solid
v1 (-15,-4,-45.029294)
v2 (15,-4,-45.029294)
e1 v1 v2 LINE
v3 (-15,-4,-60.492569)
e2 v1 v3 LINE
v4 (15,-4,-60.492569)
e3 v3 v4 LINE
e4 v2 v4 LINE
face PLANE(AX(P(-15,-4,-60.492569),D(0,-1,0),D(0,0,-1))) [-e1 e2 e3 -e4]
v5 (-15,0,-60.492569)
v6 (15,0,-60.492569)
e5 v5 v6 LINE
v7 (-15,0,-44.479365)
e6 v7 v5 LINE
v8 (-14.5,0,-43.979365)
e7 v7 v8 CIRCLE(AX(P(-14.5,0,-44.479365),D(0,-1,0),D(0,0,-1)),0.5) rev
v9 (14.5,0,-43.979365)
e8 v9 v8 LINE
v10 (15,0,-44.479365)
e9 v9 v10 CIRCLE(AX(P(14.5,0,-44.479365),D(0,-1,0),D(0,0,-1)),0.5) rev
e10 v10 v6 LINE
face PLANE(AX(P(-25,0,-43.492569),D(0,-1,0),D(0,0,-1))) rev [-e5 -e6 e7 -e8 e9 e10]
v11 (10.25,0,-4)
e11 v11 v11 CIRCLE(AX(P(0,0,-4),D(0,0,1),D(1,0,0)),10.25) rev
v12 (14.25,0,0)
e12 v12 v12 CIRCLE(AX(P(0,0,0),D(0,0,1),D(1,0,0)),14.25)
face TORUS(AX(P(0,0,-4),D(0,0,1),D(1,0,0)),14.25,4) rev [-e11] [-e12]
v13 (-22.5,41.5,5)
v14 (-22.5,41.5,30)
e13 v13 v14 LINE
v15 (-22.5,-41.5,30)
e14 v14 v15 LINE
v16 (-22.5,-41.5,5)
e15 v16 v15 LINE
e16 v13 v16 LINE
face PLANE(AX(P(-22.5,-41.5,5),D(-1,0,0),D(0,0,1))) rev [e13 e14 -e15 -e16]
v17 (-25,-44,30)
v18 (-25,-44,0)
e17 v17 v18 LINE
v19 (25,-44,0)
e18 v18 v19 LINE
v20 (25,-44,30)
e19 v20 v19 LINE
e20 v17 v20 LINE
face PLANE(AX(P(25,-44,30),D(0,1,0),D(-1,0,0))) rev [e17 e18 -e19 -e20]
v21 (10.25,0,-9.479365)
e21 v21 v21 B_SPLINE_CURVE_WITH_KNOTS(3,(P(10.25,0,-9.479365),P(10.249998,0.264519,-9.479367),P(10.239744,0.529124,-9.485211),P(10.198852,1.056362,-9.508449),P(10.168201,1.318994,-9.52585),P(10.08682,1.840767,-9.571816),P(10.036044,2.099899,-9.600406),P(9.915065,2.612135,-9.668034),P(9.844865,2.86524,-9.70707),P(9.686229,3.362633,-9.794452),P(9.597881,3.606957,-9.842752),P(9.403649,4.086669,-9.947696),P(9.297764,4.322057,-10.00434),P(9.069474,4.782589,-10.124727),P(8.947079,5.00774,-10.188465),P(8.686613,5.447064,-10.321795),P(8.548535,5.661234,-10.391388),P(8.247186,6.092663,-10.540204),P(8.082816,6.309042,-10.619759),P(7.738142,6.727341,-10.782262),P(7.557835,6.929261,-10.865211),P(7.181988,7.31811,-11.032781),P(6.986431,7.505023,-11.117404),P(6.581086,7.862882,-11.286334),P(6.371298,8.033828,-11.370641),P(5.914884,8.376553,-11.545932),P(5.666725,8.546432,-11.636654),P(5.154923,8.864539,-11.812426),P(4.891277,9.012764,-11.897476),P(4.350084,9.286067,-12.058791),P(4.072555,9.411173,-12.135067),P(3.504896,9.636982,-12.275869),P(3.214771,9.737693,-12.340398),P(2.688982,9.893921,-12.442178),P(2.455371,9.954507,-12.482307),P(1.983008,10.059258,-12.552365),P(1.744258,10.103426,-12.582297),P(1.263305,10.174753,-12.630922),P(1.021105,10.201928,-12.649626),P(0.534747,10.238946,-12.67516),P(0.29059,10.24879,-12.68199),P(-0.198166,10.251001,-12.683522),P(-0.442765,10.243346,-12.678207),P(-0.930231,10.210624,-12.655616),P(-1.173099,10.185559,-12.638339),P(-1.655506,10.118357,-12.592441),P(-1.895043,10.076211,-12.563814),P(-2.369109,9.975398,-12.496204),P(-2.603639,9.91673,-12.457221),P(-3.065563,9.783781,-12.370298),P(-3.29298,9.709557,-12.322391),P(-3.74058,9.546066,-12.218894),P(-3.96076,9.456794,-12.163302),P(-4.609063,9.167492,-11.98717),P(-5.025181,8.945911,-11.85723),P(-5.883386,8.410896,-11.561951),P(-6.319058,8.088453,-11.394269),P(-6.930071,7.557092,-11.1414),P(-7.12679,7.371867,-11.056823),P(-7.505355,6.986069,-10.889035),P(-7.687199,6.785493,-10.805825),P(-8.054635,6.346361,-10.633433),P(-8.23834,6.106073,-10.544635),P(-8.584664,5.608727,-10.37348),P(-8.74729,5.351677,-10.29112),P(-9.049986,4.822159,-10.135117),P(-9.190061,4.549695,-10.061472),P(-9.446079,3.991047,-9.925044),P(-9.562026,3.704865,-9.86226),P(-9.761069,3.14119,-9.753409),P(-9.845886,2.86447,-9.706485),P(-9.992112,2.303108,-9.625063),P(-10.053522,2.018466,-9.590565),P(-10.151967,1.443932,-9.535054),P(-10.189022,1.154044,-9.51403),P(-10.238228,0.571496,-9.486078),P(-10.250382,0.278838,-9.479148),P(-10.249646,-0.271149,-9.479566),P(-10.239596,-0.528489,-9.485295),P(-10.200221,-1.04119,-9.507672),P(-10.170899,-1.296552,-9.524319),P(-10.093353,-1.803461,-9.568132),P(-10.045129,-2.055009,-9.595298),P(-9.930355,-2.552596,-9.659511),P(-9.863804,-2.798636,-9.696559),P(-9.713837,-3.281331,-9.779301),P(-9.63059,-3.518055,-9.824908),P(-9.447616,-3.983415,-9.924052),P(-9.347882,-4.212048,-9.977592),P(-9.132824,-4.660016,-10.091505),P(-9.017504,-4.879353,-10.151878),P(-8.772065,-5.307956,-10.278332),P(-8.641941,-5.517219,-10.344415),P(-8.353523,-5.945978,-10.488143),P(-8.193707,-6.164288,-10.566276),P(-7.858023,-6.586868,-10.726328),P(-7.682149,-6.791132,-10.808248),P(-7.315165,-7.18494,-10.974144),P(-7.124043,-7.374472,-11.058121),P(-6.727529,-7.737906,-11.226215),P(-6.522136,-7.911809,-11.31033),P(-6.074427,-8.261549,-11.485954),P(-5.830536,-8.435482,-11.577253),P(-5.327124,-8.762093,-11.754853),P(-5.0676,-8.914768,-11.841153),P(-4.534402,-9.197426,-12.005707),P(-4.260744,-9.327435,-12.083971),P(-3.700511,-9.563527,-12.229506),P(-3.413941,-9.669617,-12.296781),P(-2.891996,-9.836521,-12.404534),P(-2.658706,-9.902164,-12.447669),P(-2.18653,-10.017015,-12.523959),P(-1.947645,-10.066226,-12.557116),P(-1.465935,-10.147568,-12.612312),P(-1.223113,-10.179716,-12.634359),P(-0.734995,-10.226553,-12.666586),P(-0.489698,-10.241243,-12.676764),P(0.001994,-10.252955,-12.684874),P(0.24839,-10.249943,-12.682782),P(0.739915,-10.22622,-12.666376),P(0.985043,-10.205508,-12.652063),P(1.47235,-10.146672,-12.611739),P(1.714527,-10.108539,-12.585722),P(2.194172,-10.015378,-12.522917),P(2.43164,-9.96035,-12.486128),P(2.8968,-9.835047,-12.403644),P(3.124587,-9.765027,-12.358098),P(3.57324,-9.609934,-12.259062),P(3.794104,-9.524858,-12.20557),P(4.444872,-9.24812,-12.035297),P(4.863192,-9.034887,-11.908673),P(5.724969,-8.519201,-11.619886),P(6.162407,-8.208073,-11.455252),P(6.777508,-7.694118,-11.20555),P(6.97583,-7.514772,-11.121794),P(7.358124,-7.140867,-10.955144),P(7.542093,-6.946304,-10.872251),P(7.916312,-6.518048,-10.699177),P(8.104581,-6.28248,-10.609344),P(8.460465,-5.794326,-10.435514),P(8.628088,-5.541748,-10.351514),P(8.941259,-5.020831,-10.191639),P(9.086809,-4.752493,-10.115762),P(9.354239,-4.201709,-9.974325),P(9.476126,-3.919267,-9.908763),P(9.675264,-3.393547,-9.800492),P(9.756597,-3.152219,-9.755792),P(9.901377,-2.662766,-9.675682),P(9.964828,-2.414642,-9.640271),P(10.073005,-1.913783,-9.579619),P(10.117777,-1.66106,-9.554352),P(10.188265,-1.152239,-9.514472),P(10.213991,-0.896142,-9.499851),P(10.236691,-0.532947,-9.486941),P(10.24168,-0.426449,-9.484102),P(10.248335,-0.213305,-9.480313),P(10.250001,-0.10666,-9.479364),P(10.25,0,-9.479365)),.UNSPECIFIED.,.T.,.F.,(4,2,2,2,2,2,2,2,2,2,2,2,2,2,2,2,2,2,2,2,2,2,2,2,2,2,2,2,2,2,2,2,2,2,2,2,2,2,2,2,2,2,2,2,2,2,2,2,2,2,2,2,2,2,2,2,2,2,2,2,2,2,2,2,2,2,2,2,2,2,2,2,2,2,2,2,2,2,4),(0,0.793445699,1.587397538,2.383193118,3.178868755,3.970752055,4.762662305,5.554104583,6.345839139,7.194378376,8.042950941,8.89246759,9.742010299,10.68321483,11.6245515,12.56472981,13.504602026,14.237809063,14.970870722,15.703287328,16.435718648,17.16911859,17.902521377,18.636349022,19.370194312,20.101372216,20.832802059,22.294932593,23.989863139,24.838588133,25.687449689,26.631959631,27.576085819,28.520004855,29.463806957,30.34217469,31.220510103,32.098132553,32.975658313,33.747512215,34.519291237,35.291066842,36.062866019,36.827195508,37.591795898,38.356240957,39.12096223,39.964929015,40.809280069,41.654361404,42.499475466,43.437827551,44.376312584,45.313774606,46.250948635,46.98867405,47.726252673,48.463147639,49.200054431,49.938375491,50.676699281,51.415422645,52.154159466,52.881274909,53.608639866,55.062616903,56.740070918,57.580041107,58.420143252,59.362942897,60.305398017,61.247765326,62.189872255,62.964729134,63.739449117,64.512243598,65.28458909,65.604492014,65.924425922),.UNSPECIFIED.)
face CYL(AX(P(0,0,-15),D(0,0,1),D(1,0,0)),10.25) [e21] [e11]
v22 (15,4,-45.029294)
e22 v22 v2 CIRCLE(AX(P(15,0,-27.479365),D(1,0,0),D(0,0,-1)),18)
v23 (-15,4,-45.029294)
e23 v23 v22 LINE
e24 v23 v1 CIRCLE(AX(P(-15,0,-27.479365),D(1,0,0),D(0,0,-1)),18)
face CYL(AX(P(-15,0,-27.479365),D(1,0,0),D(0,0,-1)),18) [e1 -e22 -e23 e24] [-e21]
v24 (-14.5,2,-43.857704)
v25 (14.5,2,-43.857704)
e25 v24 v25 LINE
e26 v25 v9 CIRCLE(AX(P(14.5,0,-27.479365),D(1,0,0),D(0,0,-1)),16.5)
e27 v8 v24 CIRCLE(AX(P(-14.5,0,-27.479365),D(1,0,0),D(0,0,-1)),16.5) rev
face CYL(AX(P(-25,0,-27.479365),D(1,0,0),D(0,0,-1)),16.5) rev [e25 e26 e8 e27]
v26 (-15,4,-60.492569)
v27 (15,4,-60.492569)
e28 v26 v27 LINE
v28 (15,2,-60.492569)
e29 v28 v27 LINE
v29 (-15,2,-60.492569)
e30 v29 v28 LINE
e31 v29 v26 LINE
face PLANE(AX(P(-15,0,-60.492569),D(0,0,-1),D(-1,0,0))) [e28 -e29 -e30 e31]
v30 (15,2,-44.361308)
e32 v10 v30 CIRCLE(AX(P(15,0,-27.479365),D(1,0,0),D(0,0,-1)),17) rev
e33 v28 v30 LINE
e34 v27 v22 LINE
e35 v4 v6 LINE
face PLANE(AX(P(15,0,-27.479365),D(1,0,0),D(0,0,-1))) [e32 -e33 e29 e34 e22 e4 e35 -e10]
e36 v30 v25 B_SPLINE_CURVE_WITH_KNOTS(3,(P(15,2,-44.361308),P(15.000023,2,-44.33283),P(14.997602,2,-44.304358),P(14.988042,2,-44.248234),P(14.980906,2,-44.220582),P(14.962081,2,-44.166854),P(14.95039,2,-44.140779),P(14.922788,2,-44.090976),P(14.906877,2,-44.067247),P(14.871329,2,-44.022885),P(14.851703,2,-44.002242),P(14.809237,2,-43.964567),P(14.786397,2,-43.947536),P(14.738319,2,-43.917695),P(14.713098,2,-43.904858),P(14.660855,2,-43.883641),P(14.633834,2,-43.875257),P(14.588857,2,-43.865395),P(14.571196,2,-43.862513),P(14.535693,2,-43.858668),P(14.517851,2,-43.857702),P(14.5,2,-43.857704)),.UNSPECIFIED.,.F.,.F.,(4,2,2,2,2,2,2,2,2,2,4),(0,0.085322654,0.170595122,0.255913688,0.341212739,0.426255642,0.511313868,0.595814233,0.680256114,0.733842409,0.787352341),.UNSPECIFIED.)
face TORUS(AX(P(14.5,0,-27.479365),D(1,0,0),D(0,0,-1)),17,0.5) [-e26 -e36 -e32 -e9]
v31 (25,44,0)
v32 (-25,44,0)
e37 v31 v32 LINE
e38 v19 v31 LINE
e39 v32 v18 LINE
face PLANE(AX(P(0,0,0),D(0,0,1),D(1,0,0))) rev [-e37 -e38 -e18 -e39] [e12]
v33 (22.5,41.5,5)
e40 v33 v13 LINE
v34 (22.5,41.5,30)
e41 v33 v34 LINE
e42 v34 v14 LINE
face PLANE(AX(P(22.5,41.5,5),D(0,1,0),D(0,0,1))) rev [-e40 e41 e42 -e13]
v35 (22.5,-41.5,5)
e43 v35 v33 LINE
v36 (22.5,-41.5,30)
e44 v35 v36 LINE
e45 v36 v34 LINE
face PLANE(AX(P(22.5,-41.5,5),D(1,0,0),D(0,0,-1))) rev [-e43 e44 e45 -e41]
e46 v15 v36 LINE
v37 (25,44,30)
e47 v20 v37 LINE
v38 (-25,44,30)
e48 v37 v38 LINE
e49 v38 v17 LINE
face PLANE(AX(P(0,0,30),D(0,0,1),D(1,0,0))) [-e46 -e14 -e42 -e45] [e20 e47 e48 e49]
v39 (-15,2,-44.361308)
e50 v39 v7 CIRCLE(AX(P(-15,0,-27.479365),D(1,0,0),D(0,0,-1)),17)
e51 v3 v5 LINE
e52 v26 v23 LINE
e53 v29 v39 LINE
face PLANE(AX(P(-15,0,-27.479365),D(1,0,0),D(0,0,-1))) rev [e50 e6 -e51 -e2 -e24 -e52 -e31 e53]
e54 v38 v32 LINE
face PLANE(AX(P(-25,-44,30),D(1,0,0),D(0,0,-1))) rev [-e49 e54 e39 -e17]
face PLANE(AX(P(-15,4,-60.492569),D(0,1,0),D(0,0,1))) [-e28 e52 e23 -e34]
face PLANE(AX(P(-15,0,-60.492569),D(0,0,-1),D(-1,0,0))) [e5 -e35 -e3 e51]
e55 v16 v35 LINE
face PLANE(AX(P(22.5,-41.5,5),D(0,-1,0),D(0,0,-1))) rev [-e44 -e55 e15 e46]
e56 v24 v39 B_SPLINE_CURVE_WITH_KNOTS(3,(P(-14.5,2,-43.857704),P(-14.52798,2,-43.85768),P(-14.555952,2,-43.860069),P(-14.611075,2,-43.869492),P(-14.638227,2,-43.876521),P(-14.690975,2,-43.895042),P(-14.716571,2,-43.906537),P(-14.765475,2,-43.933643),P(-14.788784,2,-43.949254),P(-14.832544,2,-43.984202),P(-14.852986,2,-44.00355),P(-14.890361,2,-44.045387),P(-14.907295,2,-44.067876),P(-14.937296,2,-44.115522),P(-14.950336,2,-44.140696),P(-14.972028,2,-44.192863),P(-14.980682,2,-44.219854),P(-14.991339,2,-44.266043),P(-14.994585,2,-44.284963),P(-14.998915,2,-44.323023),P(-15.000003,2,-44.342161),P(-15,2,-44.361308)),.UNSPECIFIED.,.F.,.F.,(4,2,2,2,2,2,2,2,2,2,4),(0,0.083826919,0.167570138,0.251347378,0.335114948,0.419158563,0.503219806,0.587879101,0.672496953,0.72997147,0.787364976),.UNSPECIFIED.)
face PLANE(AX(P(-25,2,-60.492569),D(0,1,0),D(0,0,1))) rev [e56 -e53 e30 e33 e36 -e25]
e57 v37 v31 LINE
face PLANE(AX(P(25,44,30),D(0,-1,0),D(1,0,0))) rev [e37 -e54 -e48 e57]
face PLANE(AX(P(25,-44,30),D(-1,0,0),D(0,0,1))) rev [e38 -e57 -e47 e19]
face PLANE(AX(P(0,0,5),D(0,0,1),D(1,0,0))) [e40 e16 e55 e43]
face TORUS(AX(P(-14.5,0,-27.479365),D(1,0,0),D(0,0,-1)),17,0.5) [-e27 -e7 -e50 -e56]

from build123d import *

# Parameters (mm, degrees)
ESBO_O1_W                     = 50
ESBO_O1_H                     = 88
RESSALTO_EXTRUS_O1_DEPTH      = 30
ESBO_O3_W                     = 45
ESBO_O3_H                     = 83
CORTE_EXTRUS_O1_DEPTH         = 25
ESBO_O7_R                     = 10.25
RESSALTO_EXTRUS_O3_DEPTH      = 15
FILETE1_R                     = 4
RESSALTO_EXTRUS_O4_DEPTH      = 15
RESSALTO_EXTRUS_O4_DEPTH_BACK = 15
ESBO_O9_R                     = 18
ESBO_O10_R                    = 16.5
CORTE_EXTRUS_O2_DEPTH         = 40
RESSALTO_EXTRUS_O5_DEPTH      = 15
RESSALTO_EXTRUS_O5_DEPTH_BACK = 15
ESBO_O12_W                    = 17
ESBO_O12_H                    = 2
CORTE_EXTRUS_O3_DEPTH         = 40
FILETE2_R                     = 0.5
FILETE3_R                     = 0.5


with BuildPart() as part:
    # Esboço1 → Ressalto-extrusão1 (new body)
    with BuildSketch(Plane.XY):
        Rectangle(ESBO_O1_W, ESBO_O1_H)
    extrude(amount=RESSALTO_EXTRUS_O1_DEPTH)

    # Esboço3 → Corte-extrusão1 (cut)
    with BuildSketch(Plane.XY.offset(30)):
        Rectangle(ESBO_O3_W, ESBO_O3_H)
    extrude(amount=-CORTE_EXTRUS_O1_DEPTH, mode=Mode.SUBTRACT)

    # Esboço7 → Ressalto-extrusão3 (add)
    with BuildSketch(Plane(origin=(0, 0, 0), x_dir=(-1, 0, 0), z_dir=(0, 0, -1))):
        Circle(ESBO_O7_R)
    extrude(amount=RESSALTO_EXTRUS_O3_DEPTH)

    # Filete1
    filete1_edges = [part.edges().sort_by_distance(p)[0] for p in [
        (10.25, 0, 0),
    ]]
    fillet(filete1_edges, radius=FILETE1_R)

    # Esboço9 → Ressalto-extrusão4 (add, two sides: drawn at the far end of the back side and taken through both)
    with BuildSketch(Plane(origin=(0, 0, 0), x_dir=(0, 0, -1), z_dir=(1, 0, 0)).offset(-RESSALTO_EXTRUS_O4_DEPTH_BACK)):
        with Locations((27.479364999, 0)):
            Circle(ESBO_O9_R)
    extrude(amount=RESSALTO_EXTRUS_O4_DEPTH + RESSALTO_EXTRUS_O4_DEPTH_BACK)

    # Esboço10 → Corte-extrusão2 (cut)
    with BuildSketch(Plane(origin=(15, 0, 0), x_dir=(0, 0, -1), z_dir=(1, 0, 0))):
        with Locations((27.479364999, 0)):
            Circle(ESBO_O10_R)
    extrude(amount=-CORTE_EXTRUS_O2_DEPTH, mode=Mode.SUBTRACT)

    # Esboço11 → Ressalto-extrusão5 (add, two sides: drawn at the far end of the back side and taken through both)
    with BuildSketch(Plane(origin=(0, 0, 0), x_dir=(0, 0, -1), z_dir=(1, 0, 0)).offset(-RESSALTO_EXTRUS_O5_DEPTH_BACK)):
        Polygon((60.492568737, 0), (60.492568737, 4), (45.029293774, 4), (45.029293774, -4), (60.492568737, -4), align=None)
    extrude(amount=RESSALTO_EXTRUS_O5_DEPTH + RESSALTO_EXTRUS_O5_DEPTH_BACK)

    # Esboço12 → Corte-extrusão3 (cut)
    with BuildSketch(Plane(origin=(15, 0, 0), x_dir=(0, 0, -1), z_dir=(1, 0, 0))):
        with Locations((51.992568737, 1)):
            Rectangle(ESBO_O12_W, ESBO_O12_H)
    extrude(amount=-CORTE_EXTRUS_O3_DEPTH, mode=Mode.SUBTRACT)

    # Filete2
    filete2_edges = [part.edges().sort_by_distance(p)[0] for p in [
        (15, -1.001848456, -11.009808245),
    ]]
    fillet(filete2_edges, radius=FILETE2_R)

    # Filete3
    filete3_edges = [part.edges().sort_by_distance(p)[0] for p in [
        (-15, -1.001848456, -11.009808245),
    ]]
    fillet(filete3_edges, radius=FILETE3_R)


solid = part.part
